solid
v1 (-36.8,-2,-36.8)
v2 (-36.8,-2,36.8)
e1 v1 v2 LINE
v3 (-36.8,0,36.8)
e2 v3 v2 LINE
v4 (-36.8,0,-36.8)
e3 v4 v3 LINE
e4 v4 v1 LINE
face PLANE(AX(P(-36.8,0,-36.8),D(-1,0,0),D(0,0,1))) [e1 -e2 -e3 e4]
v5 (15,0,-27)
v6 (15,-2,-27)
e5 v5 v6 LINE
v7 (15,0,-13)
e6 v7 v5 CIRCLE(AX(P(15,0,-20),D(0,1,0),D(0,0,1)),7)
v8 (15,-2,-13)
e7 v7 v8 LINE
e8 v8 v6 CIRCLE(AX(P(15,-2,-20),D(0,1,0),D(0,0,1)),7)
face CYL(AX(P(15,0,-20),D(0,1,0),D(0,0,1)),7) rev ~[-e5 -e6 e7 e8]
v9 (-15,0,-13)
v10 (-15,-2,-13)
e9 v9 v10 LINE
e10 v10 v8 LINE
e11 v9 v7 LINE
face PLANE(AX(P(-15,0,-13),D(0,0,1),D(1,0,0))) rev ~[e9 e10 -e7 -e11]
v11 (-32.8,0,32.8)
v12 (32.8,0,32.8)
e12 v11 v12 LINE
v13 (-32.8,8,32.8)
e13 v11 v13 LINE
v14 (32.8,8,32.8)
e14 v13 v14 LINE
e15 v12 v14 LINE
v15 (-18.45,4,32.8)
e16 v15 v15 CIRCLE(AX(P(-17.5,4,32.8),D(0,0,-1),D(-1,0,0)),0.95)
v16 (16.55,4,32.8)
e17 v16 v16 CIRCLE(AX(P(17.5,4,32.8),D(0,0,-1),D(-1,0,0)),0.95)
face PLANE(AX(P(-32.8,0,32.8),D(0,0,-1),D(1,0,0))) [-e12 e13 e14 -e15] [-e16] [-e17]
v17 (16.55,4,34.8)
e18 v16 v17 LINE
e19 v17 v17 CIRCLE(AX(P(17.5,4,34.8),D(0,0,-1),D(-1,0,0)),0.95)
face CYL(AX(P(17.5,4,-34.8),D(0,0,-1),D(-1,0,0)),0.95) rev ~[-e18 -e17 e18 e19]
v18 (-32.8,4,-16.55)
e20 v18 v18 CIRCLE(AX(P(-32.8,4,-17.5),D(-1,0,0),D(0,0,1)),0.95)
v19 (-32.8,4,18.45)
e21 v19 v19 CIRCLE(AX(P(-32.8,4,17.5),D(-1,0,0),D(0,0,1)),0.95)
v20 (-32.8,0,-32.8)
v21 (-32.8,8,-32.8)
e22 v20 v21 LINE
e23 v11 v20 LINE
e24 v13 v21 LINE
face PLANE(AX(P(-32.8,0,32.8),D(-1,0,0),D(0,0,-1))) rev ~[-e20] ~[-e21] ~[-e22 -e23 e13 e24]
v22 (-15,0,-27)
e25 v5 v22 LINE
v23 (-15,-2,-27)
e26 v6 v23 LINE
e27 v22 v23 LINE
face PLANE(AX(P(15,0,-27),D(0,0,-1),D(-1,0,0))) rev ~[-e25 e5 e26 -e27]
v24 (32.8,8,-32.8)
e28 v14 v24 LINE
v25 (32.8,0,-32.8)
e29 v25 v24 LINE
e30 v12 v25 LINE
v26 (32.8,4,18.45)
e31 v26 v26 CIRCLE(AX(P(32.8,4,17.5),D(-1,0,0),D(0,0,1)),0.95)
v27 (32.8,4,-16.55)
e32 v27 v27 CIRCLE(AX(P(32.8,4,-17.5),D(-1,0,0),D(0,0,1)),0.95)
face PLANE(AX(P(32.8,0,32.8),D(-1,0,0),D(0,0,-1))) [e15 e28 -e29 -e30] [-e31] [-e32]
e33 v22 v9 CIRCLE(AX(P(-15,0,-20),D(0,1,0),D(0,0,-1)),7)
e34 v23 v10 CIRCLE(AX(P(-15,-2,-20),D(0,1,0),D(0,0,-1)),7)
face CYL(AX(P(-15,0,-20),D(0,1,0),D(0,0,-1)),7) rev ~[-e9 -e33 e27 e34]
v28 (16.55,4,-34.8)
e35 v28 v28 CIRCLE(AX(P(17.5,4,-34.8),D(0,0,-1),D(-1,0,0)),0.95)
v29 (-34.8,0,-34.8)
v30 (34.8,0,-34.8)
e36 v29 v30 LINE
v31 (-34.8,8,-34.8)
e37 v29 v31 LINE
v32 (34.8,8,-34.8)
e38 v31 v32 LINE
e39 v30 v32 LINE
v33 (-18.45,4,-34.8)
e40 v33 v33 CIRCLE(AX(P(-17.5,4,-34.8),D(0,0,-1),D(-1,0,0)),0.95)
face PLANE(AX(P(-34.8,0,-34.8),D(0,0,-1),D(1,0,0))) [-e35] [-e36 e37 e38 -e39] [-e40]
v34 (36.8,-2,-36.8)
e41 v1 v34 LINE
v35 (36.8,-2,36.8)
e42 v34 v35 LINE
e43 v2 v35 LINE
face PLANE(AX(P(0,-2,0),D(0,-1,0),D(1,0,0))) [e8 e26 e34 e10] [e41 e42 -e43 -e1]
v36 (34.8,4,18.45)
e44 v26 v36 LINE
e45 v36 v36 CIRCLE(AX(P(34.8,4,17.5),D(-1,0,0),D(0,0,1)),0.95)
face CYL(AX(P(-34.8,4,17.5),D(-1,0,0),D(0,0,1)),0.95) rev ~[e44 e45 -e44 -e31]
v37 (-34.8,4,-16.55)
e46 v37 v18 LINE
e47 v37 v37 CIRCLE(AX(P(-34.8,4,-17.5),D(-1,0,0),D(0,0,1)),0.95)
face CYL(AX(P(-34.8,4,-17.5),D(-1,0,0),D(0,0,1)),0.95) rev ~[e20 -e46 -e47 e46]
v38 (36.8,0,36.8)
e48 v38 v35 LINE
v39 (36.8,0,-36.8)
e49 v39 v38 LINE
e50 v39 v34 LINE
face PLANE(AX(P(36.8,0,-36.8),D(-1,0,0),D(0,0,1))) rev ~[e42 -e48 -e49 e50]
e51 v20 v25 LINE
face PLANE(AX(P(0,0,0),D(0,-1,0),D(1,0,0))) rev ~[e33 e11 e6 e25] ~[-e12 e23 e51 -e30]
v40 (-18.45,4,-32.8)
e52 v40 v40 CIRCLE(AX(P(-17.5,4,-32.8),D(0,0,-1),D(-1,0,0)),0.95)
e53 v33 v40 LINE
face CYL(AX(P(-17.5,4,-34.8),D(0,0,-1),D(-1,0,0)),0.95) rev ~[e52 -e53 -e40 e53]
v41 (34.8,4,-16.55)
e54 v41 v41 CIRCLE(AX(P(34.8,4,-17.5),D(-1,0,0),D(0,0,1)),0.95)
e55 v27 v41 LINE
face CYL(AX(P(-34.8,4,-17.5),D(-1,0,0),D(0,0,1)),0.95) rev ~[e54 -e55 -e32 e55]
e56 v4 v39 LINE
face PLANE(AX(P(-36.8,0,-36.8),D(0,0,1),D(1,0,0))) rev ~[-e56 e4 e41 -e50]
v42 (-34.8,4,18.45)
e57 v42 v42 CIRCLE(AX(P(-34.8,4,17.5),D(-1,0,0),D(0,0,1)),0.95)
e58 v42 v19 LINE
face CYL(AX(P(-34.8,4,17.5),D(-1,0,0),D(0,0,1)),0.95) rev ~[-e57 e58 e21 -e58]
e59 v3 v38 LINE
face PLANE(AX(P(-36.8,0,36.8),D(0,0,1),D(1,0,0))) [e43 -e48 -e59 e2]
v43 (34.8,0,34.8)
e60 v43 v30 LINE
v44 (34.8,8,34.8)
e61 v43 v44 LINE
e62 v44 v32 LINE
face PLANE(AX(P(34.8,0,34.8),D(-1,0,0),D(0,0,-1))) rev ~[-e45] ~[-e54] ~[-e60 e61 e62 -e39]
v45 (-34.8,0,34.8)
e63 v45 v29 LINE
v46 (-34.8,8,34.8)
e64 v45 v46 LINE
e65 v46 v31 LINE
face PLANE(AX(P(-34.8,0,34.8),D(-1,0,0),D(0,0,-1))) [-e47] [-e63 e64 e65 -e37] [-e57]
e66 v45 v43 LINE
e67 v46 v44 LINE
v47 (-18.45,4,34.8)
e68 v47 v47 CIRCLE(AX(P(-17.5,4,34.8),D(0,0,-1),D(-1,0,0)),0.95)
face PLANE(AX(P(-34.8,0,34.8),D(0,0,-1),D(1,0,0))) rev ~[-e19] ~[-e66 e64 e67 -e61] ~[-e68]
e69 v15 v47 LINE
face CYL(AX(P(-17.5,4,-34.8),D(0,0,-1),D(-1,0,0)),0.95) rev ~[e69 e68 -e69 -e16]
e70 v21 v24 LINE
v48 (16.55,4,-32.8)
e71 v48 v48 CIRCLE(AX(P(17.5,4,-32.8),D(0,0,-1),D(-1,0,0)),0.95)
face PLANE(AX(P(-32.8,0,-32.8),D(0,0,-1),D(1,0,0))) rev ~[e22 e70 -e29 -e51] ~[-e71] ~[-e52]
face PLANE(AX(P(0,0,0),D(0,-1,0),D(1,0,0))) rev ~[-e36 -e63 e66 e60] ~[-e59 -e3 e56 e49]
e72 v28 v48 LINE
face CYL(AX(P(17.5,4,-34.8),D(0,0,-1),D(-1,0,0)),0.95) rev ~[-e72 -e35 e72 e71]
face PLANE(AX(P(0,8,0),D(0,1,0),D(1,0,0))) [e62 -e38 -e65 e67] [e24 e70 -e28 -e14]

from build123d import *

# Parameters (mm, degrees)
SKETCH_1_W          = 69.6
SKETCH_1_H          = 69.6
SKETCH_1_W_2        = 65.6
SKETCH_1_H_2        = 65.6
EXTRUDE_1_DEPTH     = 8
SKETCH_2_W          = 73.6
SKETCH_2_H          = 73.6
EXTRUDE_2_DEPTH     = 2
SKETCH_3_R          = 0.95
CUT_EXTRUDE_1_DEPTH = 81.899938195
SKETCH_4_R          = 0.95
CUT_EXTRUDE_2_DEPTH = 81.899938195


with BuildPart() as part:
    # 草图1 → 凸台-拉伸1 (new body)
    with BuildSketch(Plane(origin=(0, 0, 0), x_dir=(1, 0, 0), z_dir=(0, 1, 0))):
        Rectangle(SKETCH_1_W, SKETCH_1_H)
        Rectangle(SKETCH_1_W_2, SKETCH_1_H_2, mode=Mode.SUBTRACT)
    extrude(amount=EXTRUDE_1_DEPTH)

    # 草图2 → 凸台-拉伸2 (add)
    with BuildSketch(Plane.XZ):
        Rectangle(SKETCH_2_W, SKETCH_2_H)
        with BuildLine():
            Line((-15, -13), (15, -13))
            ThreePointArc((15, -13), (22, -20), (15, -27))
            Line((15, -27), (-15, -27))
            ThreePointArc((-15, -27), (-22, -20), (-15, -13))
        make_face(mode=Mode.SUBTRACT)
    extrude(amount=EXTRUDE_2_DEPTH)

    # 草图3 → 切除-拉伸1 (cut, through all)
    with BuildSketch(Plane.ZY.offset(34.8)):
        with Locations((17.5, 4)):
            Circle(SKETCH_3_R)
        with Locations((-17.5, 4)):
            Circle(SKETCH_3_R)
    extrude(amount=-CUT_EXTRUDE_1_DEPTH, mode=Mode.SUBTRACT)

    # 草图4 → 切除-拉伸2 (cut, through all)
    with BuildSketch(Plane(origin=(0, 0, -34.8), x_dir=(-1, 0, 0), z_dir=(0, 0, -1))):
        with Locations((17.5, 4)):
            Circle(SKETCH_4_R)
        with Locations((-17.5, 4)):
            Circle(SKETCH_4_R)
    extrude(amount=-CUT_EXTRUDE_2_DEPTH, mode=Mode.SUBTRACT)


solid = part.part
